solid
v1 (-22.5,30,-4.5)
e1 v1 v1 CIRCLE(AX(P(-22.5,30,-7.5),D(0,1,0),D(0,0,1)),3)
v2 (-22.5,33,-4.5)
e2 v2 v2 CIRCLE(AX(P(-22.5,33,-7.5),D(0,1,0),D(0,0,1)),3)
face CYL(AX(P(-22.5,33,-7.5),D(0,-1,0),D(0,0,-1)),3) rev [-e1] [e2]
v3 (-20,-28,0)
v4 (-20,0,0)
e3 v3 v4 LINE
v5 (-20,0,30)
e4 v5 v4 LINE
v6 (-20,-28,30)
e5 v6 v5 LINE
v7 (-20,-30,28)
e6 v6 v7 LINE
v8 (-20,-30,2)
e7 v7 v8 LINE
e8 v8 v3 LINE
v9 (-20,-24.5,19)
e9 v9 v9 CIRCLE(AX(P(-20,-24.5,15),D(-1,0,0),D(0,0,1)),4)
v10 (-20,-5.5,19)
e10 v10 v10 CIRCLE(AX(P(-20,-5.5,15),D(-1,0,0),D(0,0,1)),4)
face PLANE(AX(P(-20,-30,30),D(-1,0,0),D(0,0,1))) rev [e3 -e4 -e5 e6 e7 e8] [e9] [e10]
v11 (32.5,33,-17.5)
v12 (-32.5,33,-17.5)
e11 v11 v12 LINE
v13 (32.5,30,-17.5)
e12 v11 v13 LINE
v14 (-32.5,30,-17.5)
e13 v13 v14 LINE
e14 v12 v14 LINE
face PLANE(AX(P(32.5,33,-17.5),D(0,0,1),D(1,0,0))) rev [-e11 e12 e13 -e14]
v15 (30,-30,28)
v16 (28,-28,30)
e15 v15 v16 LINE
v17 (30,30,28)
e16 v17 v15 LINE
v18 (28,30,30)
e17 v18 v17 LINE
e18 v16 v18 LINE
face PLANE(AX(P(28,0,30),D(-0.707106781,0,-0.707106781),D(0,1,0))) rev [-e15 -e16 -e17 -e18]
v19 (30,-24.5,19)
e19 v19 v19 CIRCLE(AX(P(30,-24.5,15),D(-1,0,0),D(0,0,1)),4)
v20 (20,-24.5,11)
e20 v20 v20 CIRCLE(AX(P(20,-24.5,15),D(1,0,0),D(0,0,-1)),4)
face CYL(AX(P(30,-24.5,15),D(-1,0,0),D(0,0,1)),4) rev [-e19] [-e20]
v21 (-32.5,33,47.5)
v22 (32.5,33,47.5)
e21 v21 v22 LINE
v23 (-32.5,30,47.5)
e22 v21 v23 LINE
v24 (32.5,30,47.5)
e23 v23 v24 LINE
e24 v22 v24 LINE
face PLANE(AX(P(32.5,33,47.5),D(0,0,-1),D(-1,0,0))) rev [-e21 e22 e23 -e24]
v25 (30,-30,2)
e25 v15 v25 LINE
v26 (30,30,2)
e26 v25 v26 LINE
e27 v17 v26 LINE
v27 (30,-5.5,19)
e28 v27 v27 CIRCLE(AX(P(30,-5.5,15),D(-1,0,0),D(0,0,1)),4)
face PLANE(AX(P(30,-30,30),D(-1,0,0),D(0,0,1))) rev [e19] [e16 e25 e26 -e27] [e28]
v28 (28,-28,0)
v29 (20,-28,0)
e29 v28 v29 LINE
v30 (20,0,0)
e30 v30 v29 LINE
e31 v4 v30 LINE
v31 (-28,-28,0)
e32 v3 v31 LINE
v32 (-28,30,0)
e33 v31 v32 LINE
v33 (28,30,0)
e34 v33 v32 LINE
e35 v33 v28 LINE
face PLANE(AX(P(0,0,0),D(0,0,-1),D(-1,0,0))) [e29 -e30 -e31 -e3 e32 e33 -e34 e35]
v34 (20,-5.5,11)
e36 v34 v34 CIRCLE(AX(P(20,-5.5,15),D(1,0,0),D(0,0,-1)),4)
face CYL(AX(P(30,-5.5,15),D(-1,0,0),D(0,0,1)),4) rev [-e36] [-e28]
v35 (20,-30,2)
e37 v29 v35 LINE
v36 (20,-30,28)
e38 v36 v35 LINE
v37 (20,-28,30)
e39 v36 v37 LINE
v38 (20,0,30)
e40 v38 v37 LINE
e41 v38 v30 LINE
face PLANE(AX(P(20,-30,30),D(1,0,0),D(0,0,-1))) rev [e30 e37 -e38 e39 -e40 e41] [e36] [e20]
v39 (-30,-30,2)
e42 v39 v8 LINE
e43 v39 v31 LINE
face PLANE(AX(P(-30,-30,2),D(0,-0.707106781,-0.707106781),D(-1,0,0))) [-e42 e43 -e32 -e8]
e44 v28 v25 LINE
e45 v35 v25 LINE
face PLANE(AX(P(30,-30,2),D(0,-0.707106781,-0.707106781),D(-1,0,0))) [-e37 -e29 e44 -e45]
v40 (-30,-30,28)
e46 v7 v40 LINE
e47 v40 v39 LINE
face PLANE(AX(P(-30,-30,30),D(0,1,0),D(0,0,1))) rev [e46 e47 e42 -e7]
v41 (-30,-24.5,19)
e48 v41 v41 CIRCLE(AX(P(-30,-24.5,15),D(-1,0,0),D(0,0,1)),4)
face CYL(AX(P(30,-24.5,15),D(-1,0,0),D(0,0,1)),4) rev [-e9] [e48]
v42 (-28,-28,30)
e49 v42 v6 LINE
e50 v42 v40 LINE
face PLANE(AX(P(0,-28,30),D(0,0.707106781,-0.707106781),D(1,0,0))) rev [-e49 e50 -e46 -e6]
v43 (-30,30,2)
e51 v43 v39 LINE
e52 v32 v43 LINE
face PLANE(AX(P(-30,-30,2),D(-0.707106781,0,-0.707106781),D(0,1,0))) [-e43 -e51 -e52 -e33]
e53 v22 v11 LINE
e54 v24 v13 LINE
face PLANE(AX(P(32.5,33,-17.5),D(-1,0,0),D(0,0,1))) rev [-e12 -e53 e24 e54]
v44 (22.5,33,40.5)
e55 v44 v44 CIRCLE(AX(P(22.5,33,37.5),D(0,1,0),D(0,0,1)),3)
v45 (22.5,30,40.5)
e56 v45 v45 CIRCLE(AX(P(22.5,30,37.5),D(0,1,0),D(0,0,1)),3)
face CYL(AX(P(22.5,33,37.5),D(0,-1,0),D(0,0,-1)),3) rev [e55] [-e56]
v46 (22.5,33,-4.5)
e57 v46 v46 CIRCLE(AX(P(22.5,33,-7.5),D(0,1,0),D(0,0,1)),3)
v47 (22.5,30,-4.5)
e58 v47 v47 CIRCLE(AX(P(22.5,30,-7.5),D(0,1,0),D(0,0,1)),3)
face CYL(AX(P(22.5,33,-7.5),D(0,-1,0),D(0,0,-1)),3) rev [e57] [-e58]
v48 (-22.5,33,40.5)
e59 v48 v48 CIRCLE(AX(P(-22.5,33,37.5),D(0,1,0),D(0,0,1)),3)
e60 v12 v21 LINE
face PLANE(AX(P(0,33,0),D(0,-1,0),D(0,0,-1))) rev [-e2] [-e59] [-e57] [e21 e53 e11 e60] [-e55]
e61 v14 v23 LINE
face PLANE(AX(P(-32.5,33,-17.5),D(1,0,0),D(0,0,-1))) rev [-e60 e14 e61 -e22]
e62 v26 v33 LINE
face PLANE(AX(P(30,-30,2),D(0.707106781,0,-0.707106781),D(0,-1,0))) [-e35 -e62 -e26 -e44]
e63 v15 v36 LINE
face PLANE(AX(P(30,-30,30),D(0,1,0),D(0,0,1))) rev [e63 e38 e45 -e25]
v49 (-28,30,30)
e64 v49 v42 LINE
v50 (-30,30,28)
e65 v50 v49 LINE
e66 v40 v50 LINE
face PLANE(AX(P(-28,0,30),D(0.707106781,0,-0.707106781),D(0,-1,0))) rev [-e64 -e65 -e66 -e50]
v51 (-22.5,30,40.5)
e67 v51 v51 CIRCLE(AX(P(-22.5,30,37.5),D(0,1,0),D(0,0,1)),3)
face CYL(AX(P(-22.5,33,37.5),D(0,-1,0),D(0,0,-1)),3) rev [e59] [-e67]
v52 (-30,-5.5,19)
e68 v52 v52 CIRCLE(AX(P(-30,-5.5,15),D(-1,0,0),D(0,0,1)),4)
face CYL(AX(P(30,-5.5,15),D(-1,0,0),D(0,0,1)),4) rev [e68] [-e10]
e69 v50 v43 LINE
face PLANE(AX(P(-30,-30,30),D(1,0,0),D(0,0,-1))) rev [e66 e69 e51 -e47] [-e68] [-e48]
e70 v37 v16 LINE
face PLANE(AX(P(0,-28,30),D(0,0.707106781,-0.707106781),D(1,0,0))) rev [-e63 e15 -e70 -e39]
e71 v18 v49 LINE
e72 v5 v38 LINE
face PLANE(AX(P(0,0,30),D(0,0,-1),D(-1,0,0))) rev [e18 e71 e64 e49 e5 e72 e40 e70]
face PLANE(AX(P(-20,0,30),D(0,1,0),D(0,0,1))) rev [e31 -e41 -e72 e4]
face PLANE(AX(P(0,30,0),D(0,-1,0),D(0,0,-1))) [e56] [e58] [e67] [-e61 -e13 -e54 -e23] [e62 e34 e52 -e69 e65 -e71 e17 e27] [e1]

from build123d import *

# Parameters (mm, degrees)
EXTRUDE_1_DEPTH     = 30
SKETCH_2_R          = 4
CUT_EXTRUDE_1_DEPTH = 74.484692283
SKETCH_3_W          = 65
SKETCH_3_H          = 65
SKETCH_3_R          = 3
EXTRUDE_2_DEPTH     = 3
CHAMFER_2_SIZE      = 2


with BuildPart() as part:
    # 草图1 → 凸台-拉伸1 (new body)
    with BuildSketch(Plane.XY):
        Polygon((-30, -30), (-20, -30), (-20, 0), (20, 0), (20, -30), (30, -30), (30, 30), (-30, 30), align=None)
    extrude(amount=EXTRUDE_1_DEPTH)

    # 草图2 → 切除-拉伸1 (cut, through all)
    with BuildSketch(Plane.ZY.offset(30)):
        with Locations((15, -5.5)):
            Circle(SKETCH_2_R)
        with Locations((15, -24.5)):
            Circle(SKETCH_2_R)
    extrude(amount=-CUT_EXTRUDE_1_DEPTH, mode=Mode.SUBTRACT)

    # 草图3 → 凸台-拉伸2 (add)
    with BuildSketch(Plane(origin=(0, 30, 0), x_dir=(1, 0, 0), z_dir=(0, 1, 0))):
        with Locations((0, -15)):
            Rectangle(SKETCH_3_W, SKETCH_3_H)
        with Locations(Location((22.5, -37.5, 0), (0, 0, 270))):
            Circle(SKETCH_3_R, mode=Mode.SUBTRACT)
        with Locations(Location((-22.5, -37.5, 0), (0, 0, 270))):
            Circle(SKETCH_3_R, mode=Mode.SUBTRACT)
        with Locations(Location((-22.5, 7.5, 0), (0, 0, 270))):
            Circle(SKETCH_3_R, mode=Mode.SUBTRACT)
        with Locations(Location((22.5, 7.5, 0), (0, 0, 270))):
            Circle(SKETCH_3_R, mode=Mode.SUBTRACT)
    extrude(amount=EXTRUDE_2_DEPTH)

    # 倒角2
    chamfer_2_edges = [part.edges().sort_by_distance(p)[0] for p in [
        (-25, -30, 0),
        (-30, 0, 0),
        (25, -30, 30),
        (30, 0, 30),
        (-30, 0, 30),
        (-25, -30, 30),
        (30, 0, 0),
        (25, -30, 0),
    ]]
    chamfer(chamfer_2_edges, length=CHAMFER_2_SIZE)


solid = part.part
